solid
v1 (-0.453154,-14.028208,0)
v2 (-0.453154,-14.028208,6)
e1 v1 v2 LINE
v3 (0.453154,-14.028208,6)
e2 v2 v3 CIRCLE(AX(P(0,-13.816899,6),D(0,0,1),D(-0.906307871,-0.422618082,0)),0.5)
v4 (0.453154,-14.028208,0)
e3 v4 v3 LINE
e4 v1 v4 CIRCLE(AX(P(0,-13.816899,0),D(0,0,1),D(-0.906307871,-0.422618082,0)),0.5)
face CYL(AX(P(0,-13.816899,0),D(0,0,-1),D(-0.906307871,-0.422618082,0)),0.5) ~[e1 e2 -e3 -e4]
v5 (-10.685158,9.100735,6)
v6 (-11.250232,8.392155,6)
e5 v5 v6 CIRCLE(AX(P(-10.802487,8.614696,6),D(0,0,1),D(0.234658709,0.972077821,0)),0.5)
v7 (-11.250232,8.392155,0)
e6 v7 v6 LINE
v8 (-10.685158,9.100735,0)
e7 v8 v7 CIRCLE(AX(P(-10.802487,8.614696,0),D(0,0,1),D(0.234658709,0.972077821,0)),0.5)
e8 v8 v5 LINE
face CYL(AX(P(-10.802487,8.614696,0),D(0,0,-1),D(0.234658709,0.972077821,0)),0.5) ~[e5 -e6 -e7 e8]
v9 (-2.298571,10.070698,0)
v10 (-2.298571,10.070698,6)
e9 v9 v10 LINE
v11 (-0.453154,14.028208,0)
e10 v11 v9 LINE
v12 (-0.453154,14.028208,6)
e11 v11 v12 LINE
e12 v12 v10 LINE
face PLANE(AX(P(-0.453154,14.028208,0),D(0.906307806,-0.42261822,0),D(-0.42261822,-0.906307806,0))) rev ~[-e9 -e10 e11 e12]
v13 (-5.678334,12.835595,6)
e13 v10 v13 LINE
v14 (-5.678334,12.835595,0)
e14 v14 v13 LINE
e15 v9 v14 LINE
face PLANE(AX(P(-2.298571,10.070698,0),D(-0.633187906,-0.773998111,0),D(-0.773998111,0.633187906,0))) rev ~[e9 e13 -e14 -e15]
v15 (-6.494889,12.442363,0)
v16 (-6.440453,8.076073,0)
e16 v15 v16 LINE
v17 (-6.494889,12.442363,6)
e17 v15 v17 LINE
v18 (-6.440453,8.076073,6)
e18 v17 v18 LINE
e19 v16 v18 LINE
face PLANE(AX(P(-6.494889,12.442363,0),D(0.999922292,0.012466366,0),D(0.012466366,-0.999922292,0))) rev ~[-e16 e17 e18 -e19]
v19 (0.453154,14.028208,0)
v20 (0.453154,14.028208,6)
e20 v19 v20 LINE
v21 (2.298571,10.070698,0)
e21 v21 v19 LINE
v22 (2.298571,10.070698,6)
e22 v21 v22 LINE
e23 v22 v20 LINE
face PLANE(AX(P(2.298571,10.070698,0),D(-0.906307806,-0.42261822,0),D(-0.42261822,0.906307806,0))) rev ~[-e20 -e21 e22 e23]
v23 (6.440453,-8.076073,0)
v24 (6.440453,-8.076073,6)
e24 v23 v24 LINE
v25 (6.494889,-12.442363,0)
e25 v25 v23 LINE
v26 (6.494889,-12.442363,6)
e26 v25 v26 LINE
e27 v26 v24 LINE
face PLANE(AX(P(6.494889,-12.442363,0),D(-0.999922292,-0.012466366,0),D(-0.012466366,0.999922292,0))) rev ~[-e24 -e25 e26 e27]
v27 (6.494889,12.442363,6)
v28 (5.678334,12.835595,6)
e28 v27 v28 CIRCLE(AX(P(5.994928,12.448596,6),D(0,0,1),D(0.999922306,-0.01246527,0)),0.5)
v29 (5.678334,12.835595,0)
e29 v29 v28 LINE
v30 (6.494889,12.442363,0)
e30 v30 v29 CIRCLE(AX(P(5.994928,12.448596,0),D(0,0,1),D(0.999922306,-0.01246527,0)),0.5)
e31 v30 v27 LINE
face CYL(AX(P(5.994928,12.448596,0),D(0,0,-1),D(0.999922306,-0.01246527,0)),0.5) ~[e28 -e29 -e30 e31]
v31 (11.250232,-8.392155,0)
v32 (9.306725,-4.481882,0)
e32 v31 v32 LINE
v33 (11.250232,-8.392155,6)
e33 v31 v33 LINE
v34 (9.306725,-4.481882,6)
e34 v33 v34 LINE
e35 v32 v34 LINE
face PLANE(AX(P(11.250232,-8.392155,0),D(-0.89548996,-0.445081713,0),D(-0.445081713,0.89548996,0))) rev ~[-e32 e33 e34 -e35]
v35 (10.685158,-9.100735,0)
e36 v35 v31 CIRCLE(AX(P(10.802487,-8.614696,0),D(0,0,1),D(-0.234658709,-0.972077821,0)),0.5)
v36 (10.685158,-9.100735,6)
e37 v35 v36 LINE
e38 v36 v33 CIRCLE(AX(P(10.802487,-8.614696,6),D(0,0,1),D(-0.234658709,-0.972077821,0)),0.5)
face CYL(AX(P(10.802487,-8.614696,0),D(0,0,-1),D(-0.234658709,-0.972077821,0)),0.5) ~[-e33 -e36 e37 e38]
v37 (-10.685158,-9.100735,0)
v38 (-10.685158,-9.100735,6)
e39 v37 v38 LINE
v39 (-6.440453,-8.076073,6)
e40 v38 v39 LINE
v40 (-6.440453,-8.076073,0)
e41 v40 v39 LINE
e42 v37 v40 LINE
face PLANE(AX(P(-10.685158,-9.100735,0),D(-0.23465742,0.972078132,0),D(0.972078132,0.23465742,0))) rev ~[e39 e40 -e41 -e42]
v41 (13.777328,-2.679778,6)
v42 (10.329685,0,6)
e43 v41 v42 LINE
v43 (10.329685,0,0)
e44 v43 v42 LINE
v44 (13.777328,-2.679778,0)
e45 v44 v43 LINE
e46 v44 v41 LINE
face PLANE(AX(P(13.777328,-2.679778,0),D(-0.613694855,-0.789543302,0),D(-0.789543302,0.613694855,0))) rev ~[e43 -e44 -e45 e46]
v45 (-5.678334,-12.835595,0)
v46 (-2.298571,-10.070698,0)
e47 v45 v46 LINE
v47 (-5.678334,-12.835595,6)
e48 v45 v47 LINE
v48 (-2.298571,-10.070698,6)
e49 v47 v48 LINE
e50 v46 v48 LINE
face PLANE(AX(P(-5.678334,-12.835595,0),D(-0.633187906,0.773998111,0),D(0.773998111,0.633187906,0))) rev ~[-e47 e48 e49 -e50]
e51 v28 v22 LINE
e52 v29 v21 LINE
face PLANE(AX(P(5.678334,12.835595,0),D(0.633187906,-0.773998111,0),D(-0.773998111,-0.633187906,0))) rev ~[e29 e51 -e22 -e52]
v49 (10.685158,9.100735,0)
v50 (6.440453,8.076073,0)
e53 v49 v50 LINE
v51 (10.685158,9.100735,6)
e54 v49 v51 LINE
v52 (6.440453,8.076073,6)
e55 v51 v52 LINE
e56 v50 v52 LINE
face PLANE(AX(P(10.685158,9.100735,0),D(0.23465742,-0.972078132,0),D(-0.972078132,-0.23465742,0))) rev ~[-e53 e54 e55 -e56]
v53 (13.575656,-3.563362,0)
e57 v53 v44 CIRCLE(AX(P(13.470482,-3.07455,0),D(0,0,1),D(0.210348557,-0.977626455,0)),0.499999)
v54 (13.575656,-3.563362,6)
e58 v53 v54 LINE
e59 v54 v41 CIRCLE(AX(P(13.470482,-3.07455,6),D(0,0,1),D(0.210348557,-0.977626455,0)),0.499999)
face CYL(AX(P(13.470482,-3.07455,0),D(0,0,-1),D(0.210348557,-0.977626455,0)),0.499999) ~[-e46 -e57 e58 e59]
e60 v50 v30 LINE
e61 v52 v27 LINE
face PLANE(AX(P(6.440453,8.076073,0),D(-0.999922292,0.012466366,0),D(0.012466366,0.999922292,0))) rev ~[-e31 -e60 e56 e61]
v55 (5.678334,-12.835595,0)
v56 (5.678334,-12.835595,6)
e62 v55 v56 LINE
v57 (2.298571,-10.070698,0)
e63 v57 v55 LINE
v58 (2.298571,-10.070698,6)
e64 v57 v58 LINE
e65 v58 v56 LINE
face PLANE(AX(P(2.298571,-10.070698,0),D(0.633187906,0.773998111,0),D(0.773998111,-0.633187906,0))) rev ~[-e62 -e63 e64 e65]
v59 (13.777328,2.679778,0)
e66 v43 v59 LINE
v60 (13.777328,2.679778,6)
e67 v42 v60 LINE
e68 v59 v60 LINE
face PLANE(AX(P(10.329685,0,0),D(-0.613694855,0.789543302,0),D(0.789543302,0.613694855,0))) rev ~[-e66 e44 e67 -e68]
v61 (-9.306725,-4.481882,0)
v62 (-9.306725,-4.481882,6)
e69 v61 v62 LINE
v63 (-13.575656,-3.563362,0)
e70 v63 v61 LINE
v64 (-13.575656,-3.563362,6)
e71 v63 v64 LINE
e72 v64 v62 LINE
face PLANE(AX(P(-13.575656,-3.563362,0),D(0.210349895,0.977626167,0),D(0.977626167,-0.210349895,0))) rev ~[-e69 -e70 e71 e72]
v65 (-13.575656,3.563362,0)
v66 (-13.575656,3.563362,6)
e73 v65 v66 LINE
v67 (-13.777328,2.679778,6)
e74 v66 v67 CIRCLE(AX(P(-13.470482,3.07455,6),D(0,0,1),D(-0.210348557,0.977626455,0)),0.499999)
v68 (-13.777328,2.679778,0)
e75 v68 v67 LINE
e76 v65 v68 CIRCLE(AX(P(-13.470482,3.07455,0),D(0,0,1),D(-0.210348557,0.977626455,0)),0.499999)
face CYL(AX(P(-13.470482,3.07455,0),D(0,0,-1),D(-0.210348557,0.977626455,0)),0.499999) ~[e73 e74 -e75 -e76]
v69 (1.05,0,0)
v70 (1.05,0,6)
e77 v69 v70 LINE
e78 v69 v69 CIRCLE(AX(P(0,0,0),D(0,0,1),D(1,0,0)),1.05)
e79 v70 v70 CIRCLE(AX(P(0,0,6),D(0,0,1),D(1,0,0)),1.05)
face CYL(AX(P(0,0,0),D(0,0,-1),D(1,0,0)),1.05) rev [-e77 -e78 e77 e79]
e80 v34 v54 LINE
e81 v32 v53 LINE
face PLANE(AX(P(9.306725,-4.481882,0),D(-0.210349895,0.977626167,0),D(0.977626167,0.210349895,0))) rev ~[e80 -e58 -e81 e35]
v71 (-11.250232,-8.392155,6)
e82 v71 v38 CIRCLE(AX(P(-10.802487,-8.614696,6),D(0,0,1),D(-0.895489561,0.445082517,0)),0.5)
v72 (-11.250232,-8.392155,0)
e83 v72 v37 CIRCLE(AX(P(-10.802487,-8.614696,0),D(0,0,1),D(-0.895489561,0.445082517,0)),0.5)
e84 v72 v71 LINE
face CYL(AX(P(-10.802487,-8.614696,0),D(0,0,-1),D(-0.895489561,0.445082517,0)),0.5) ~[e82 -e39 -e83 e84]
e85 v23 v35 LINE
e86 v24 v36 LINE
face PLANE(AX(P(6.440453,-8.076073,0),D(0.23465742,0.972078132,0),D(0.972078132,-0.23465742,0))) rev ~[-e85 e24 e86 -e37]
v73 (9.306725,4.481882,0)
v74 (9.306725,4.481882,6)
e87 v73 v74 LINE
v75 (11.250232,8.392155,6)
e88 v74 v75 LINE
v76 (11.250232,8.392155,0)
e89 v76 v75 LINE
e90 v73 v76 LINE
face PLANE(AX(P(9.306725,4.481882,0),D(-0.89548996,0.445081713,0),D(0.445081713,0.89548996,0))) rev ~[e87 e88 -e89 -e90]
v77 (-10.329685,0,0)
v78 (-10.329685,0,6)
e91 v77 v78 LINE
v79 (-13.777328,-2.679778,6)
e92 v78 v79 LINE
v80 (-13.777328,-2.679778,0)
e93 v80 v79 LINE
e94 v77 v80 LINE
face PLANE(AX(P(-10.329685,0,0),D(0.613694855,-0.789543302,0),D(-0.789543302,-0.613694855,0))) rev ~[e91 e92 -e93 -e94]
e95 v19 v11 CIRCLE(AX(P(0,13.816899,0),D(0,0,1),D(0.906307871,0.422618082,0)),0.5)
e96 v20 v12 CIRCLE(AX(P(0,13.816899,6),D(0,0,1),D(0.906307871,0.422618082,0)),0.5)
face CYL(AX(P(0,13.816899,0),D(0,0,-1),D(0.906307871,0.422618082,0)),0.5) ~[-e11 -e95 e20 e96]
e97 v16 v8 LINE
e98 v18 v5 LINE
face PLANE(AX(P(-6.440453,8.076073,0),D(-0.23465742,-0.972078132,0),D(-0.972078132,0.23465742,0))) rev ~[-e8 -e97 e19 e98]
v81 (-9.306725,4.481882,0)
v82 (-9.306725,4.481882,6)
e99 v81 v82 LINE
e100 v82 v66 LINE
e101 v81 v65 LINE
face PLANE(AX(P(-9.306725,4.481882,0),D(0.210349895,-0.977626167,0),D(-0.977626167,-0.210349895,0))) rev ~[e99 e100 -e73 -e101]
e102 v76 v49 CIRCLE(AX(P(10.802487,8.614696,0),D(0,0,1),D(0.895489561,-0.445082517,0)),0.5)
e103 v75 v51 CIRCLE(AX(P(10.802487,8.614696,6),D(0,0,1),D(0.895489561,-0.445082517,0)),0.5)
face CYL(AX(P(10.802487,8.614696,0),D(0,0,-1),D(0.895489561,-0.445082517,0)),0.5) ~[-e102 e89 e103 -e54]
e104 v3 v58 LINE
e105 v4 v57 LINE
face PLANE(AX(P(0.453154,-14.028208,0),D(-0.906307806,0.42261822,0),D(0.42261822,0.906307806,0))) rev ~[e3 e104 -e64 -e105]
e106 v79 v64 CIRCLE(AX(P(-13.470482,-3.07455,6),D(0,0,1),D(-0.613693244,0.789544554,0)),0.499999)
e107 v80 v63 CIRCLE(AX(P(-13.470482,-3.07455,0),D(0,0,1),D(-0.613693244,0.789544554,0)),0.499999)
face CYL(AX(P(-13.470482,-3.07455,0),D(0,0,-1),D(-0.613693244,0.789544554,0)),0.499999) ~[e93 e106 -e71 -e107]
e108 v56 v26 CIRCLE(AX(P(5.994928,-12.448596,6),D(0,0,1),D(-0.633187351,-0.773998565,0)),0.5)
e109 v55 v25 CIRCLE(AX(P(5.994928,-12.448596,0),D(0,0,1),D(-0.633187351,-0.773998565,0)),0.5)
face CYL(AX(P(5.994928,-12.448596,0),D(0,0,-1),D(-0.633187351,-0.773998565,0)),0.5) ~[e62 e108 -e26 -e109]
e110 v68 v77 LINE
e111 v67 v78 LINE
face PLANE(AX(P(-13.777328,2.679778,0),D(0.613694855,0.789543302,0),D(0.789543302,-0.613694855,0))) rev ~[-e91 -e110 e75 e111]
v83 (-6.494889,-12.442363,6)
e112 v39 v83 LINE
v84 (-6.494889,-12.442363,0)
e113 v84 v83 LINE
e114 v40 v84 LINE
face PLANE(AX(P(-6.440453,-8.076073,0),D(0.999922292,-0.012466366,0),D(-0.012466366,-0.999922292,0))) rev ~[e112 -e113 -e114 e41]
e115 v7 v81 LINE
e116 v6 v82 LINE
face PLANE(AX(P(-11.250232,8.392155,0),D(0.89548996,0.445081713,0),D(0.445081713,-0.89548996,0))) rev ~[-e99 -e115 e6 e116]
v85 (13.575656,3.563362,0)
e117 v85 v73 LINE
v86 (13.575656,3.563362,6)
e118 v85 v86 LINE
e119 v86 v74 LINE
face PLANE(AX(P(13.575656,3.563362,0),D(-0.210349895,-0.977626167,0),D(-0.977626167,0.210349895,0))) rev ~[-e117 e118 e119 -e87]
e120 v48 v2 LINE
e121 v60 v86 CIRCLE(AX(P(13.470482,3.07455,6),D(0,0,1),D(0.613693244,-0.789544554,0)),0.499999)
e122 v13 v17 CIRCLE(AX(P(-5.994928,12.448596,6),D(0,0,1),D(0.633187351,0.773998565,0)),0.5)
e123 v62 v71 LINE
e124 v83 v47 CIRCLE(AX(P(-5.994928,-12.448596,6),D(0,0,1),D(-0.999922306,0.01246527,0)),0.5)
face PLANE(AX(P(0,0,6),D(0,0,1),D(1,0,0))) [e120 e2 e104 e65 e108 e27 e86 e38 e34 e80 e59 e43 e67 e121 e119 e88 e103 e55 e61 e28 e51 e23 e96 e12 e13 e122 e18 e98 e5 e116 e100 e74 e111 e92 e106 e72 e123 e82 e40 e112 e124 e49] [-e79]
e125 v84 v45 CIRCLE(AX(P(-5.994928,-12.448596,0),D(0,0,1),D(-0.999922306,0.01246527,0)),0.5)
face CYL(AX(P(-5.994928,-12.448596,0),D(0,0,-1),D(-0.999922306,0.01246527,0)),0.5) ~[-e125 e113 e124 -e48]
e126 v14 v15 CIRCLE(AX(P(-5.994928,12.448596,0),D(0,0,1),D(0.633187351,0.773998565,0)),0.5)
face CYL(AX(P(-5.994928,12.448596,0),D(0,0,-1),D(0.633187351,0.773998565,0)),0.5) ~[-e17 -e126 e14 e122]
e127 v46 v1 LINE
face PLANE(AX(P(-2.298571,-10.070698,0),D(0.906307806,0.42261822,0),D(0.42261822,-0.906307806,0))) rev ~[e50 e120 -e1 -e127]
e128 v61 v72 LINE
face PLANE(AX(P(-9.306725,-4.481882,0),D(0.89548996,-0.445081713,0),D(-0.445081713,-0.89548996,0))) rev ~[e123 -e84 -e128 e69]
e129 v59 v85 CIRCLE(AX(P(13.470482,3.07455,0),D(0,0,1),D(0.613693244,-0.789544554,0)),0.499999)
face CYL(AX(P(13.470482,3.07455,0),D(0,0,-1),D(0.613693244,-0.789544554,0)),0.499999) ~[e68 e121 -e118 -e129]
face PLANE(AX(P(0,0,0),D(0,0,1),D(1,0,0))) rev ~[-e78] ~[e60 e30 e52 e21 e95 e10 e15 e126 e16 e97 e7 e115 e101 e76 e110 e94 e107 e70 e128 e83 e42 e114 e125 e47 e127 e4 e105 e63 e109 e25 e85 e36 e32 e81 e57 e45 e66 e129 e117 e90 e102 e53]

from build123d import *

# Parameters (mm, degrees)
F0_R     = 1.05
F1_DEPTH = 6


with BuildPart() as f1:
    # F0 (on Top) → F1 (new body)
    with BuildSketch(Plane.XY):
        with BuildLine():
            Line((-2.298571, -10.070698), (-0.453154, -14.028208))
            ThreePointArc((-0.453154, -14.028208), (0, -14.316899), (0.453154, -14.028208))
            Line((0.453154, -14.028208), (2.298571, -10.070698))
            Line((2.298571, -10.070698), (5.678334, -12.835595))
            ThreePointArc((5.678334, -12.835595), (6.21187, -12.89908), (6.494889, -12.442363))
            Line((6.494889, -12.442363), (6.440453, -8.076073))
            Line((6.440453, -8.076073), (10.685158, -9.100735))
            ThreePointArc((10.685158, -9.100735), (11.193403, -8.926441), (11.250232, -8.392155))
            Line((11.250232, -8.392155), (9.306725, -4.481882))
            Line((9.306725, -4.481882), (13.575656, -3.563362))
            ThreePointArc((13.575656, -3.563362), (13.957945, -3.18581), (13.777328, -2.679778))
            Line((13.777328, -2.679778), (10.329685, 0))
            Line((10.329685, 0), (13.777328, 2.679778))
            ThreePointArc((13.777328, 2.679778), (13.957945, 3.18581), (13.575656, 3.563362))
            Line((13.575656, 3.563362), (9.306725, 4.481882))
            Line((9.306725, 4.481882), (11.250232, 8.392155))
            ThreePointArc((11.250232, 8.392155), (11.193403, 8.926441), (10.685158, 9.100735))
            Line((10.685158, 9.100735), (6.440453, 8.076073))
            Line((6.440453, 8.076073), (6.494889, 12.442363))
            ThreePointArc((6.494889, 12.442363), (6.21187, 12.89908), (5.678334, 12.835595))
            Line((5.678334, 12.835595), (2.298571, 10.070698))
            Line((2.298571, 10.070698), (0.453154, 14.028208))
            ThreePointArc((0.453154, 14.028208), (0, 14.316899), (-0.453154, 14.028208))
            Line((-0.453154, 14.028208), (-2.298571, 10.070698))
            Line((-2.298571, 10.070698), (-5.678334, 12.835595))
            ThreePointArc((-5.678334, 12.835595), (-6.21187, 12.89908), (-6.494889, 12.442363))
            Line((-6.494889, 12.442363), (-6.440453, 8.076073))
            Line((-6.440453, 8.076073), (-10.685158, 9.100735))
            ThreePointArc((-10.685158, 9.100735), (-11.193403, 8.926441), (-11.250232, 8.392155))
            Line((-11.250232, 8.392155), (-9.306725, 4.481882))
            Line((-9.306725, 4.481882), (-13.575656, 3.563362))
            ThreePointArc((-13.575656, 3.563362), (-13.957945, 3.18581), (-13.777328, 2.679778))
            Line((-13.777328, 2.679778), (-10.329685, 0))
            Line((-10.329685, 0), (-13.777328, -2.679778))
            ThreePointArc((-13.777328, -2.679778), (-13.957945, -3.18581), (-13.575656, -3.563362))
            Line((-13.575656, -3.563362), (-9.306725, -4.481882))
            Line((-9.306725, -4.481882), (-11.250232, -8.392155))
            ThreePointArc((-11.250232, -8.392155), (-11.193403, -8.926441), (-10.685158, -9.100735))
            Line((-10.685158, -9.100735), (-6.440453, -8.076073))
            Line((-6.440453, -8.076073), (-6.494889, -12.442363))
            ThreePointArc((-6.494889, -12.442363), (-6.21187, -12.89908), (-5.678334, -12.835595))
            Line((-5.678334, -12.835595), (-2.298571, -10.070698))
        make_face()
        Circle(F0_R, mode=Mode.SUBTRACT)
    extrude(amount=F1_DEPTH)


solid = f1.part
